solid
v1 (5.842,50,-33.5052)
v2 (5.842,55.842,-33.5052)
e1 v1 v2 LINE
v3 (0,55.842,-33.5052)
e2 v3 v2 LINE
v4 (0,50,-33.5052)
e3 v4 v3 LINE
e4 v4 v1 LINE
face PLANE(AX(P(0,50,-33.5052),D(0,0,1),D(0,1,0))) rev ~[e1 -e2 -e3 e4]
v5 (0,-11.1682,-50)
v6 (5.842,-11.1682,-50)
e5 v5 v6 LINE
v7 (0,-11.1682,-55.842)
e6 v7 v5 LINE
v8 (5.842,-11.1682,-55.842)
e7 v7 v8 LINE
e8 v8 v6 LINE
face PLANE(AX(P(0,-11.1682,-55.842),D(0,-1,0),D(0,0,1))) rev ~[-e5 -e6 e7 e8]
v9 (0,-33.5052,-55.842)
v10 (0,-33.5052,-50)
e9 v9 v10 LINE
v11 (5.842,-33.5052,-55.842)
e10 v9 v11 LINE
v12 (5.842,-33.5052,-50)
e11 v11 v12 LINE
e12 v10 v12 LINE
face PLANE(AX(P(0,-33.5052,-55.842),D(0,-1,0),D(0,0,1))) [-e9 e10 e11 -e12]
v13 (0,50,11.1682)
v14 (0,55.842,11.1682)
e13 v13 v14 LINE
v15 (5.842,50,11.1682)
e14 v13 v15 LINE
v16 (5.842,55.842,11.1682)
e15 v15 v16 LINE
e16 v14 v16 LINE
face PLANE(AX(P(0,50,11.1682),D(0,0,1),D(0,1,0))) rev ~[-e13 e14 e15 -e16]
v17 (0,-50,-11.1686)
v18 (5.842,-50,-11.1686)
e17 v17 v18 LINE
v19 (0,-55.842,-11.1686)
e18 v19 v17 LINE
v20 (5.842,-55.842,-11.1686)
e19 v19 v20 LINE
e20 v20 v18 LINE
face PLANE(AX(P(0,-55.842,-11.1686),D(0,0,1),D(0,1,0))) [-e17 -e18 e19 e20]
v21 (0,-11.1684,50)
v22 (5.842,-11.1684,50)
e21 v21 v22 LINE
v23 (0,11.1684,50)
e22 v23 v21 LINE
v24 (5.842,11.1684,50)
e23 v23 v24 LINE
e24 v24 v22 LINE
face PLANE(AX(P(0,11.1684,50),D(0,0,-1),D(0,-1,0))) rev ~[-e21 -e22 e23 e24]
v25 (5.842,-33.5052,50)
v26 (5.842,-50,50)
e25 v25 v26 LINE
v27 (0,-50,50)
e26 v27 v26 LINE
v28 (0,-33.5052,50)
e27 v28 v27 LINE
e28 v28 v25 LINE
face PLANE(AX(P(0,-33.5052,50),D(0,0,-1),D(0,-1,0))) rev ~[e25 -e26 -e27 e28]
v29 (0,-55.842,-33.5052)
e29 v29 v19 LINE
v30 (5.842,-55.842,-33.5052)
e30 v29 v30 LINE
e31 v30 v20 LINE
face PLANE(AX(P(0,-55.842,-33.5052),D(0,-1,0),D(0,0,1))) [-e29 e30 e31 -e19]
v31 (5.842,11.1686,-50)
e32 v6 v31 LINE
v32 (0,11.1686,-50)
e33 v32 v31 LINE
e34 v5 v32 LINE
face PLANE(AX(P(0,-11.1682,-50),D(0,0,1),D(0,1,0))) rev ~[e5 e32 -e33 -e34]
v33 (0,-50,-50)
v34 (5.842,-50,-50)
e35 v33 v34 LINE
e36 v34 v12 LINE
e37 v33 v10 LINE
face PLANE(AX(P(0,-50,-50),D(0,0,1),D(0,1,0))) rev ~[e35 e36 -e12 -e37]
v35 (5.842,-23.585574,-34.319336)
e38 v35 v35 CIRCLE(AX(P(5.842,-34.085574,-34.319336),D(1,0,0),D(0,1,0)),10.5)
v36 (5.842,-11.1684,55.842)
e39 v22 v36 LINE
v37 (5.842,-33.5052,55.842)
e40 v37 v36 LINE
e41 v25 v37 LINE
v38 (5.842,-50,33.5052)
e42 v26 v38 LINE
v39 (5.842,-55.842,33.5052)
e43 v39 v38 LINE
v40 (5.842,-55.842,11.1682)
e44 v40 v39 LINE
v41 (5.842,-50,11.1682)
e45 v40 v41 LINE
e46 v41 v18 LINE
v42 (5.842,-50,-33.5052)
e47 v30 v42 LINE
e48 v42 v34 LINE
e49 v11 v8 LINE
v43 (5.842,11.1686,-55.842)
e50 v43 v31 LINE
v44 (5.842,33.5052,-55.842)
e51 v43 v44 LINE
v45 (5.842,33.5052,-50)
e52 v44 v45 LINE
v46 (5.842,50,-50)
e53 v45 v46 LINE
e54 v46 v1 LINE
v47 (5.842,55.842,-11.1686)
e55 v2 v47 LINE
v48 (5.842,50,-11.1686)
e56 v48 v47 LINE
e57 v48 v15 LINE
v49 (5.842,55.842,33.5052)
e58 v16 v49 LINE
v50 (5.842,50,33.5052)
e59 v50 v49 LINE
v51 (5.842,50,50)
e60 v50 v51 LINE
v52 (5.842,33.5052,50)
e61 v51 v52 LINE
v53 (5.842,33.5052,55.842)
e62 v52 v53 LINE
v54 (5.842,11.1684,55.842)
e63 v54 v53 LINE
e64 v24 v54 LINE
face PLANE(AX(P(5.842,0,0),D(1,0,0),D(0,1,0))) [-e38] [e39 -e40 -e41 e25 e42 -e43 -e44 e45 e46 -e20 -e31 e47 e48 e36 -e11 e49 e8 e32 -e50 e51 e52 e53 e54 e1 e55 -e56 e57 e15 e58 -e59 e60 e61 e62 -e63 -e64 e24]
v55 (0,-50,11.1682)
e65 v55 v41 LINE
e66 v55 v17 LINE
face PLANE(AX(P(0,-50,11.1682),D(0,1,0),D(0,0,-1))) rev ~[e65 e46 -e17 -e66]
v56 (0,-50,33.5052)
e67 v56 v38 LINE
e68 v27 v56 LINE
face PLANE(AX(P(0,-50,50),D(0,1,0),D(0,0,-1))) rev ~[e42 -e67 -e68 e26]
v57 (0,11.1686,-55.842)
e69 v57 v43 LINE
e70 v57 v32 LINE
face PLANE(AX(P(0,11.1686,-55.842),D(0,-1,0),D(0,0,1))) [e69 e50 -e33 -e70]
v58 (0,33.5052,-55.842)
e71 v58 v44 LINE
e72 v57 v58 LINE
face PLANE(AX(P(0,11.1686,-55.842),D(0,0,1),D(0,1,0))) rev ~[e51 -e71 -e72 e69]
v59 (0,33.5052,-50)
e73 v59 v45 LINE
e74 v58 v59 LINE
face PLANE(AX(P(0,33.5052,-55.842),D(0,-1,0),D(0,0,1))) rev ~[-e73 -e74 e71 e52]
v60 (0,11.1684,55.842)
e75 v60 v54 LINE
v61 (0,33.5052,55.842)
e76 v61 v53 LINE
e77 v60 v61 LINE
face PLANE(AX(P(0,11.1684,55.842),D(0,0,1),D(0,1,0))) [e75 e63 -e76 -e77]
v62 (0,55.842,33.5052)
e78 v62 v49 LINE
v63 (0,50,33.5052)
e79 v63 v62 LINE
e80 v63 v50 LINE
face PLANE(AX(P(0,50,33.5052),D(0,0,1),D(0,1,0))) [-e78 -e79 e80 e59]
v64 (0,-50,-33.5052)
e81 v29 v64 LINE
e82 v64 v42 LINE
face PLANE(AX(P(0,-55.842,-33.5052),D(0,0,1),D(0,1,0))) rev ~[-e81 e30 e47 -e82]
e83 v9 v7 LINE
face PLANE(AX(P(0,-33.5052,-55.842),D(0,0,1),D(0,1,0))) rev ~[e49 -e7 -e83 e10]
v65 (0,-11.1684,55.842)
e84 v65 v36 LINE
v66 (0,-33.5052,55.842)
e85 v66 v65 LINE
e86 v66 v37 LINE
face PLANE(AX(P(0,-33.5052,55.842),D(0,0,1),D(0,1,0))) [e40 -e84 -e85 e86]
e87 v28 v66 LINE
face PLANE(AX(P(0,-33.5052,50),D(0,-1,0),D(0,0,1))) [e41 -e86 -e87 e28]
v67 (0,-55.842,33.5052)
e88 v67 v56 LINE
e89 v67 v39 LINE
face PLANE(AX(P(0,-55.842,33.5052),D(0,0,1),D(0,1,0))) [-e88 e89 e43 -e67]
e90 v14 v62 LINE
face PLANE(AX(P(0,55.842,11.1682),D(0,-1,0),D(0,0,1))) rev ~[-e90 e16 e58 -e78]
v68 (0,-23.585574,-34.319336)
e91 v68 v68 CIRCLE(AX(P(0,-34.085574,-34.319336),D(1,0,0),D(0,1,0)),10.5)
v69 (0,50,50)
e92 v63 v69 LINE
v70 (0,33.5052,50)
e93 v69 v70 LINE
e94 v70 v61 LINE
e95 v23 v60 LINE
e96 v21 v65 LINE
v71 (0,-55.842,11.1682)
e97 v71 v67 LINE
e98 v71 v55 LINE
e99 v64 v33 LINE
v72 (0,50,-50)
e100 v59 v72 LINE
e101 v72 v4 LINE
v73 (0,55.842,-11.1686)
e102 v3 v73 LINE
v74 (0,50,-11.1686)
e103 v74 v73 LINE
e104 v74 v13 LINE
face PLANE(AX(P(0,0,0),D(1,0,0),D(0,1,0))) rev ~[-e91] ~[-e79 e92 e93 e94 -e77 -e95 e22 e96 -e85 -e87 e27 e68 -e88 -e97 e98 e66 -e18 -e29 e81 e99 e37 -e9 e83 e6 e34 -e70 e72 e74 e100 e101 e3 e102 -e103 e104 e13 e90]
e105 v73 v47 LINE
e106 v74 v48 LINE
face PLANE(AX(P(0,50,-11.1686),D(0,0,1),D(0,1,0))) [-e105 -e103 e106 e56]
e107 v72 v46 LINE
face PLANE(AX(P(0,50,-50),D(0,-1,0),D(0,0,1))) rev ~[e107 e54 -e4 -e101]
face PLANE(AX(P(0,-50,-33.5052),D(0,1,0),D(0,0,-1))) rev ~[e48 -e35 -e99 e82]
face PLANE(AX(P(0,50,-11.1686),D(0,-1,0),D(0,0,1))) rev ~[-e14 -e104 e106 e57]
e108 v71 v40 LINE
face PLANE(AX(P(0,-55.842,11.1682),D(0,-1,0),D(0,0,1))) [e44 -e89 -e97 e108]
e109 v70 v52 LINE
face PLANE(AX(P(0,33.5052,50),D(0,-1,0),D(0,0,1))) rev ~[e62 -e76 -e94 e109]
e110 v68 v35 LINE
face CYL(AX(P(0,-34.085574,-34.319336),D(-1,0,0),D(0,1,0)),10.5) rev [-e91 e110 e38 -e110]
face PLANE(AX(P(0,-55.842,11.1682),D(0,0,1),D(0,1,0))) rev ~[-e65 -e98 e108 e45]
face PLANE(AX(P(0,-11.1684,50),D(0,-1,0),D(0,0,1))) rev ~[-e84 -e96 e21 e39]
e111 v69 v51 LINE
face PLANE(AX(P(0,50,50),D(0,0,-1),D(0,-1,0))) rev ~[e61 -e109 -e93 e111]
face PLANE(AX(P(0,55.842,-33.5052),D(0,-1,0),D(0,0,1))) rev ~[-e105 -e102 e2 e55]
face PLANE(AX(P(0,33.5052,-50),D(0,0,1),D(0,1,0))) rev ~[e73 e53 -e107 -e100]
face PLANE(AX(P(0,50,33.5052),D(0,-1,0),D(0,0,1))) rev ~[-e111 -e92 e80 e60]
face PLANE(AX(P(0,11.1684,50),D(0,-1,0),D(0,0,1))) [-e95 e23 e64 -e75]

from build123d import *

# Parameters (mm, degrees)
F0_R     = 10.5
F0_W     = 22.3368
F0_H     = 5.842
F0_W_2   = 5.842
F0_H_2   = 22.337
F0_H_3   = 22.3366
F0_W_3   = 22.337
F0_W_4   = 22.3366
F1_DEPTH = 5.842


with BuildPart() as f1:
    # F0 (on Right) → F1 (new body)
    with BuildSketch(Plane.YZ):
        Polygon((-33.5052, 50), (-50, 50), (-50, 33.5052), (-50, 11.1682), (-50, -11.1686), (-50, -33.5052), (-50, -50), (-33.5052, -50), (-11.1682, -50), (11.1686, -50), (33.5052, -50), (50, -50), (50, -33.5052), (50, -11.1686), (50, 11.1682), (50, 33.5052), (50, 50), (33.5052, 50), (11.1684, 50), (-11.1684, 50), align=None)
        with Locations((-34.085574, -34.319336)):
            Circle(F0_R, mode=Mode.SUBTRACT)
        with Locations((-22.3368, 52.921)):
            Rectangle(F0_W, F0_H)
        with Locations((-52.921, 22.3367)):
            Rectangle(F0_W_2, F0_H_2)
        with Locations((22.3368, 52.921)):
            Rectangle(F0_W, F0_H)
        with Locations((-52.921, -22.3369)):
            Rectangle(F0_W_2, F0_H_3)
        with Locations((52.921, 22.3367)):
            Rectangle(F0_W_2, F0_H_2)
        with Locations((-22.3367, -52.921)):
            Rectangle(F0_W_3, F0_H)
        with Locations((52.921, -22.3369)):
            Rectangle(F0_W_2, F0_H_3)
        with Locations((22.3369, -52.921)):
            Rectangle(F0_W_4, F0_H)
    extrude(amount=F1_DEPTH)


solid = f1.part
